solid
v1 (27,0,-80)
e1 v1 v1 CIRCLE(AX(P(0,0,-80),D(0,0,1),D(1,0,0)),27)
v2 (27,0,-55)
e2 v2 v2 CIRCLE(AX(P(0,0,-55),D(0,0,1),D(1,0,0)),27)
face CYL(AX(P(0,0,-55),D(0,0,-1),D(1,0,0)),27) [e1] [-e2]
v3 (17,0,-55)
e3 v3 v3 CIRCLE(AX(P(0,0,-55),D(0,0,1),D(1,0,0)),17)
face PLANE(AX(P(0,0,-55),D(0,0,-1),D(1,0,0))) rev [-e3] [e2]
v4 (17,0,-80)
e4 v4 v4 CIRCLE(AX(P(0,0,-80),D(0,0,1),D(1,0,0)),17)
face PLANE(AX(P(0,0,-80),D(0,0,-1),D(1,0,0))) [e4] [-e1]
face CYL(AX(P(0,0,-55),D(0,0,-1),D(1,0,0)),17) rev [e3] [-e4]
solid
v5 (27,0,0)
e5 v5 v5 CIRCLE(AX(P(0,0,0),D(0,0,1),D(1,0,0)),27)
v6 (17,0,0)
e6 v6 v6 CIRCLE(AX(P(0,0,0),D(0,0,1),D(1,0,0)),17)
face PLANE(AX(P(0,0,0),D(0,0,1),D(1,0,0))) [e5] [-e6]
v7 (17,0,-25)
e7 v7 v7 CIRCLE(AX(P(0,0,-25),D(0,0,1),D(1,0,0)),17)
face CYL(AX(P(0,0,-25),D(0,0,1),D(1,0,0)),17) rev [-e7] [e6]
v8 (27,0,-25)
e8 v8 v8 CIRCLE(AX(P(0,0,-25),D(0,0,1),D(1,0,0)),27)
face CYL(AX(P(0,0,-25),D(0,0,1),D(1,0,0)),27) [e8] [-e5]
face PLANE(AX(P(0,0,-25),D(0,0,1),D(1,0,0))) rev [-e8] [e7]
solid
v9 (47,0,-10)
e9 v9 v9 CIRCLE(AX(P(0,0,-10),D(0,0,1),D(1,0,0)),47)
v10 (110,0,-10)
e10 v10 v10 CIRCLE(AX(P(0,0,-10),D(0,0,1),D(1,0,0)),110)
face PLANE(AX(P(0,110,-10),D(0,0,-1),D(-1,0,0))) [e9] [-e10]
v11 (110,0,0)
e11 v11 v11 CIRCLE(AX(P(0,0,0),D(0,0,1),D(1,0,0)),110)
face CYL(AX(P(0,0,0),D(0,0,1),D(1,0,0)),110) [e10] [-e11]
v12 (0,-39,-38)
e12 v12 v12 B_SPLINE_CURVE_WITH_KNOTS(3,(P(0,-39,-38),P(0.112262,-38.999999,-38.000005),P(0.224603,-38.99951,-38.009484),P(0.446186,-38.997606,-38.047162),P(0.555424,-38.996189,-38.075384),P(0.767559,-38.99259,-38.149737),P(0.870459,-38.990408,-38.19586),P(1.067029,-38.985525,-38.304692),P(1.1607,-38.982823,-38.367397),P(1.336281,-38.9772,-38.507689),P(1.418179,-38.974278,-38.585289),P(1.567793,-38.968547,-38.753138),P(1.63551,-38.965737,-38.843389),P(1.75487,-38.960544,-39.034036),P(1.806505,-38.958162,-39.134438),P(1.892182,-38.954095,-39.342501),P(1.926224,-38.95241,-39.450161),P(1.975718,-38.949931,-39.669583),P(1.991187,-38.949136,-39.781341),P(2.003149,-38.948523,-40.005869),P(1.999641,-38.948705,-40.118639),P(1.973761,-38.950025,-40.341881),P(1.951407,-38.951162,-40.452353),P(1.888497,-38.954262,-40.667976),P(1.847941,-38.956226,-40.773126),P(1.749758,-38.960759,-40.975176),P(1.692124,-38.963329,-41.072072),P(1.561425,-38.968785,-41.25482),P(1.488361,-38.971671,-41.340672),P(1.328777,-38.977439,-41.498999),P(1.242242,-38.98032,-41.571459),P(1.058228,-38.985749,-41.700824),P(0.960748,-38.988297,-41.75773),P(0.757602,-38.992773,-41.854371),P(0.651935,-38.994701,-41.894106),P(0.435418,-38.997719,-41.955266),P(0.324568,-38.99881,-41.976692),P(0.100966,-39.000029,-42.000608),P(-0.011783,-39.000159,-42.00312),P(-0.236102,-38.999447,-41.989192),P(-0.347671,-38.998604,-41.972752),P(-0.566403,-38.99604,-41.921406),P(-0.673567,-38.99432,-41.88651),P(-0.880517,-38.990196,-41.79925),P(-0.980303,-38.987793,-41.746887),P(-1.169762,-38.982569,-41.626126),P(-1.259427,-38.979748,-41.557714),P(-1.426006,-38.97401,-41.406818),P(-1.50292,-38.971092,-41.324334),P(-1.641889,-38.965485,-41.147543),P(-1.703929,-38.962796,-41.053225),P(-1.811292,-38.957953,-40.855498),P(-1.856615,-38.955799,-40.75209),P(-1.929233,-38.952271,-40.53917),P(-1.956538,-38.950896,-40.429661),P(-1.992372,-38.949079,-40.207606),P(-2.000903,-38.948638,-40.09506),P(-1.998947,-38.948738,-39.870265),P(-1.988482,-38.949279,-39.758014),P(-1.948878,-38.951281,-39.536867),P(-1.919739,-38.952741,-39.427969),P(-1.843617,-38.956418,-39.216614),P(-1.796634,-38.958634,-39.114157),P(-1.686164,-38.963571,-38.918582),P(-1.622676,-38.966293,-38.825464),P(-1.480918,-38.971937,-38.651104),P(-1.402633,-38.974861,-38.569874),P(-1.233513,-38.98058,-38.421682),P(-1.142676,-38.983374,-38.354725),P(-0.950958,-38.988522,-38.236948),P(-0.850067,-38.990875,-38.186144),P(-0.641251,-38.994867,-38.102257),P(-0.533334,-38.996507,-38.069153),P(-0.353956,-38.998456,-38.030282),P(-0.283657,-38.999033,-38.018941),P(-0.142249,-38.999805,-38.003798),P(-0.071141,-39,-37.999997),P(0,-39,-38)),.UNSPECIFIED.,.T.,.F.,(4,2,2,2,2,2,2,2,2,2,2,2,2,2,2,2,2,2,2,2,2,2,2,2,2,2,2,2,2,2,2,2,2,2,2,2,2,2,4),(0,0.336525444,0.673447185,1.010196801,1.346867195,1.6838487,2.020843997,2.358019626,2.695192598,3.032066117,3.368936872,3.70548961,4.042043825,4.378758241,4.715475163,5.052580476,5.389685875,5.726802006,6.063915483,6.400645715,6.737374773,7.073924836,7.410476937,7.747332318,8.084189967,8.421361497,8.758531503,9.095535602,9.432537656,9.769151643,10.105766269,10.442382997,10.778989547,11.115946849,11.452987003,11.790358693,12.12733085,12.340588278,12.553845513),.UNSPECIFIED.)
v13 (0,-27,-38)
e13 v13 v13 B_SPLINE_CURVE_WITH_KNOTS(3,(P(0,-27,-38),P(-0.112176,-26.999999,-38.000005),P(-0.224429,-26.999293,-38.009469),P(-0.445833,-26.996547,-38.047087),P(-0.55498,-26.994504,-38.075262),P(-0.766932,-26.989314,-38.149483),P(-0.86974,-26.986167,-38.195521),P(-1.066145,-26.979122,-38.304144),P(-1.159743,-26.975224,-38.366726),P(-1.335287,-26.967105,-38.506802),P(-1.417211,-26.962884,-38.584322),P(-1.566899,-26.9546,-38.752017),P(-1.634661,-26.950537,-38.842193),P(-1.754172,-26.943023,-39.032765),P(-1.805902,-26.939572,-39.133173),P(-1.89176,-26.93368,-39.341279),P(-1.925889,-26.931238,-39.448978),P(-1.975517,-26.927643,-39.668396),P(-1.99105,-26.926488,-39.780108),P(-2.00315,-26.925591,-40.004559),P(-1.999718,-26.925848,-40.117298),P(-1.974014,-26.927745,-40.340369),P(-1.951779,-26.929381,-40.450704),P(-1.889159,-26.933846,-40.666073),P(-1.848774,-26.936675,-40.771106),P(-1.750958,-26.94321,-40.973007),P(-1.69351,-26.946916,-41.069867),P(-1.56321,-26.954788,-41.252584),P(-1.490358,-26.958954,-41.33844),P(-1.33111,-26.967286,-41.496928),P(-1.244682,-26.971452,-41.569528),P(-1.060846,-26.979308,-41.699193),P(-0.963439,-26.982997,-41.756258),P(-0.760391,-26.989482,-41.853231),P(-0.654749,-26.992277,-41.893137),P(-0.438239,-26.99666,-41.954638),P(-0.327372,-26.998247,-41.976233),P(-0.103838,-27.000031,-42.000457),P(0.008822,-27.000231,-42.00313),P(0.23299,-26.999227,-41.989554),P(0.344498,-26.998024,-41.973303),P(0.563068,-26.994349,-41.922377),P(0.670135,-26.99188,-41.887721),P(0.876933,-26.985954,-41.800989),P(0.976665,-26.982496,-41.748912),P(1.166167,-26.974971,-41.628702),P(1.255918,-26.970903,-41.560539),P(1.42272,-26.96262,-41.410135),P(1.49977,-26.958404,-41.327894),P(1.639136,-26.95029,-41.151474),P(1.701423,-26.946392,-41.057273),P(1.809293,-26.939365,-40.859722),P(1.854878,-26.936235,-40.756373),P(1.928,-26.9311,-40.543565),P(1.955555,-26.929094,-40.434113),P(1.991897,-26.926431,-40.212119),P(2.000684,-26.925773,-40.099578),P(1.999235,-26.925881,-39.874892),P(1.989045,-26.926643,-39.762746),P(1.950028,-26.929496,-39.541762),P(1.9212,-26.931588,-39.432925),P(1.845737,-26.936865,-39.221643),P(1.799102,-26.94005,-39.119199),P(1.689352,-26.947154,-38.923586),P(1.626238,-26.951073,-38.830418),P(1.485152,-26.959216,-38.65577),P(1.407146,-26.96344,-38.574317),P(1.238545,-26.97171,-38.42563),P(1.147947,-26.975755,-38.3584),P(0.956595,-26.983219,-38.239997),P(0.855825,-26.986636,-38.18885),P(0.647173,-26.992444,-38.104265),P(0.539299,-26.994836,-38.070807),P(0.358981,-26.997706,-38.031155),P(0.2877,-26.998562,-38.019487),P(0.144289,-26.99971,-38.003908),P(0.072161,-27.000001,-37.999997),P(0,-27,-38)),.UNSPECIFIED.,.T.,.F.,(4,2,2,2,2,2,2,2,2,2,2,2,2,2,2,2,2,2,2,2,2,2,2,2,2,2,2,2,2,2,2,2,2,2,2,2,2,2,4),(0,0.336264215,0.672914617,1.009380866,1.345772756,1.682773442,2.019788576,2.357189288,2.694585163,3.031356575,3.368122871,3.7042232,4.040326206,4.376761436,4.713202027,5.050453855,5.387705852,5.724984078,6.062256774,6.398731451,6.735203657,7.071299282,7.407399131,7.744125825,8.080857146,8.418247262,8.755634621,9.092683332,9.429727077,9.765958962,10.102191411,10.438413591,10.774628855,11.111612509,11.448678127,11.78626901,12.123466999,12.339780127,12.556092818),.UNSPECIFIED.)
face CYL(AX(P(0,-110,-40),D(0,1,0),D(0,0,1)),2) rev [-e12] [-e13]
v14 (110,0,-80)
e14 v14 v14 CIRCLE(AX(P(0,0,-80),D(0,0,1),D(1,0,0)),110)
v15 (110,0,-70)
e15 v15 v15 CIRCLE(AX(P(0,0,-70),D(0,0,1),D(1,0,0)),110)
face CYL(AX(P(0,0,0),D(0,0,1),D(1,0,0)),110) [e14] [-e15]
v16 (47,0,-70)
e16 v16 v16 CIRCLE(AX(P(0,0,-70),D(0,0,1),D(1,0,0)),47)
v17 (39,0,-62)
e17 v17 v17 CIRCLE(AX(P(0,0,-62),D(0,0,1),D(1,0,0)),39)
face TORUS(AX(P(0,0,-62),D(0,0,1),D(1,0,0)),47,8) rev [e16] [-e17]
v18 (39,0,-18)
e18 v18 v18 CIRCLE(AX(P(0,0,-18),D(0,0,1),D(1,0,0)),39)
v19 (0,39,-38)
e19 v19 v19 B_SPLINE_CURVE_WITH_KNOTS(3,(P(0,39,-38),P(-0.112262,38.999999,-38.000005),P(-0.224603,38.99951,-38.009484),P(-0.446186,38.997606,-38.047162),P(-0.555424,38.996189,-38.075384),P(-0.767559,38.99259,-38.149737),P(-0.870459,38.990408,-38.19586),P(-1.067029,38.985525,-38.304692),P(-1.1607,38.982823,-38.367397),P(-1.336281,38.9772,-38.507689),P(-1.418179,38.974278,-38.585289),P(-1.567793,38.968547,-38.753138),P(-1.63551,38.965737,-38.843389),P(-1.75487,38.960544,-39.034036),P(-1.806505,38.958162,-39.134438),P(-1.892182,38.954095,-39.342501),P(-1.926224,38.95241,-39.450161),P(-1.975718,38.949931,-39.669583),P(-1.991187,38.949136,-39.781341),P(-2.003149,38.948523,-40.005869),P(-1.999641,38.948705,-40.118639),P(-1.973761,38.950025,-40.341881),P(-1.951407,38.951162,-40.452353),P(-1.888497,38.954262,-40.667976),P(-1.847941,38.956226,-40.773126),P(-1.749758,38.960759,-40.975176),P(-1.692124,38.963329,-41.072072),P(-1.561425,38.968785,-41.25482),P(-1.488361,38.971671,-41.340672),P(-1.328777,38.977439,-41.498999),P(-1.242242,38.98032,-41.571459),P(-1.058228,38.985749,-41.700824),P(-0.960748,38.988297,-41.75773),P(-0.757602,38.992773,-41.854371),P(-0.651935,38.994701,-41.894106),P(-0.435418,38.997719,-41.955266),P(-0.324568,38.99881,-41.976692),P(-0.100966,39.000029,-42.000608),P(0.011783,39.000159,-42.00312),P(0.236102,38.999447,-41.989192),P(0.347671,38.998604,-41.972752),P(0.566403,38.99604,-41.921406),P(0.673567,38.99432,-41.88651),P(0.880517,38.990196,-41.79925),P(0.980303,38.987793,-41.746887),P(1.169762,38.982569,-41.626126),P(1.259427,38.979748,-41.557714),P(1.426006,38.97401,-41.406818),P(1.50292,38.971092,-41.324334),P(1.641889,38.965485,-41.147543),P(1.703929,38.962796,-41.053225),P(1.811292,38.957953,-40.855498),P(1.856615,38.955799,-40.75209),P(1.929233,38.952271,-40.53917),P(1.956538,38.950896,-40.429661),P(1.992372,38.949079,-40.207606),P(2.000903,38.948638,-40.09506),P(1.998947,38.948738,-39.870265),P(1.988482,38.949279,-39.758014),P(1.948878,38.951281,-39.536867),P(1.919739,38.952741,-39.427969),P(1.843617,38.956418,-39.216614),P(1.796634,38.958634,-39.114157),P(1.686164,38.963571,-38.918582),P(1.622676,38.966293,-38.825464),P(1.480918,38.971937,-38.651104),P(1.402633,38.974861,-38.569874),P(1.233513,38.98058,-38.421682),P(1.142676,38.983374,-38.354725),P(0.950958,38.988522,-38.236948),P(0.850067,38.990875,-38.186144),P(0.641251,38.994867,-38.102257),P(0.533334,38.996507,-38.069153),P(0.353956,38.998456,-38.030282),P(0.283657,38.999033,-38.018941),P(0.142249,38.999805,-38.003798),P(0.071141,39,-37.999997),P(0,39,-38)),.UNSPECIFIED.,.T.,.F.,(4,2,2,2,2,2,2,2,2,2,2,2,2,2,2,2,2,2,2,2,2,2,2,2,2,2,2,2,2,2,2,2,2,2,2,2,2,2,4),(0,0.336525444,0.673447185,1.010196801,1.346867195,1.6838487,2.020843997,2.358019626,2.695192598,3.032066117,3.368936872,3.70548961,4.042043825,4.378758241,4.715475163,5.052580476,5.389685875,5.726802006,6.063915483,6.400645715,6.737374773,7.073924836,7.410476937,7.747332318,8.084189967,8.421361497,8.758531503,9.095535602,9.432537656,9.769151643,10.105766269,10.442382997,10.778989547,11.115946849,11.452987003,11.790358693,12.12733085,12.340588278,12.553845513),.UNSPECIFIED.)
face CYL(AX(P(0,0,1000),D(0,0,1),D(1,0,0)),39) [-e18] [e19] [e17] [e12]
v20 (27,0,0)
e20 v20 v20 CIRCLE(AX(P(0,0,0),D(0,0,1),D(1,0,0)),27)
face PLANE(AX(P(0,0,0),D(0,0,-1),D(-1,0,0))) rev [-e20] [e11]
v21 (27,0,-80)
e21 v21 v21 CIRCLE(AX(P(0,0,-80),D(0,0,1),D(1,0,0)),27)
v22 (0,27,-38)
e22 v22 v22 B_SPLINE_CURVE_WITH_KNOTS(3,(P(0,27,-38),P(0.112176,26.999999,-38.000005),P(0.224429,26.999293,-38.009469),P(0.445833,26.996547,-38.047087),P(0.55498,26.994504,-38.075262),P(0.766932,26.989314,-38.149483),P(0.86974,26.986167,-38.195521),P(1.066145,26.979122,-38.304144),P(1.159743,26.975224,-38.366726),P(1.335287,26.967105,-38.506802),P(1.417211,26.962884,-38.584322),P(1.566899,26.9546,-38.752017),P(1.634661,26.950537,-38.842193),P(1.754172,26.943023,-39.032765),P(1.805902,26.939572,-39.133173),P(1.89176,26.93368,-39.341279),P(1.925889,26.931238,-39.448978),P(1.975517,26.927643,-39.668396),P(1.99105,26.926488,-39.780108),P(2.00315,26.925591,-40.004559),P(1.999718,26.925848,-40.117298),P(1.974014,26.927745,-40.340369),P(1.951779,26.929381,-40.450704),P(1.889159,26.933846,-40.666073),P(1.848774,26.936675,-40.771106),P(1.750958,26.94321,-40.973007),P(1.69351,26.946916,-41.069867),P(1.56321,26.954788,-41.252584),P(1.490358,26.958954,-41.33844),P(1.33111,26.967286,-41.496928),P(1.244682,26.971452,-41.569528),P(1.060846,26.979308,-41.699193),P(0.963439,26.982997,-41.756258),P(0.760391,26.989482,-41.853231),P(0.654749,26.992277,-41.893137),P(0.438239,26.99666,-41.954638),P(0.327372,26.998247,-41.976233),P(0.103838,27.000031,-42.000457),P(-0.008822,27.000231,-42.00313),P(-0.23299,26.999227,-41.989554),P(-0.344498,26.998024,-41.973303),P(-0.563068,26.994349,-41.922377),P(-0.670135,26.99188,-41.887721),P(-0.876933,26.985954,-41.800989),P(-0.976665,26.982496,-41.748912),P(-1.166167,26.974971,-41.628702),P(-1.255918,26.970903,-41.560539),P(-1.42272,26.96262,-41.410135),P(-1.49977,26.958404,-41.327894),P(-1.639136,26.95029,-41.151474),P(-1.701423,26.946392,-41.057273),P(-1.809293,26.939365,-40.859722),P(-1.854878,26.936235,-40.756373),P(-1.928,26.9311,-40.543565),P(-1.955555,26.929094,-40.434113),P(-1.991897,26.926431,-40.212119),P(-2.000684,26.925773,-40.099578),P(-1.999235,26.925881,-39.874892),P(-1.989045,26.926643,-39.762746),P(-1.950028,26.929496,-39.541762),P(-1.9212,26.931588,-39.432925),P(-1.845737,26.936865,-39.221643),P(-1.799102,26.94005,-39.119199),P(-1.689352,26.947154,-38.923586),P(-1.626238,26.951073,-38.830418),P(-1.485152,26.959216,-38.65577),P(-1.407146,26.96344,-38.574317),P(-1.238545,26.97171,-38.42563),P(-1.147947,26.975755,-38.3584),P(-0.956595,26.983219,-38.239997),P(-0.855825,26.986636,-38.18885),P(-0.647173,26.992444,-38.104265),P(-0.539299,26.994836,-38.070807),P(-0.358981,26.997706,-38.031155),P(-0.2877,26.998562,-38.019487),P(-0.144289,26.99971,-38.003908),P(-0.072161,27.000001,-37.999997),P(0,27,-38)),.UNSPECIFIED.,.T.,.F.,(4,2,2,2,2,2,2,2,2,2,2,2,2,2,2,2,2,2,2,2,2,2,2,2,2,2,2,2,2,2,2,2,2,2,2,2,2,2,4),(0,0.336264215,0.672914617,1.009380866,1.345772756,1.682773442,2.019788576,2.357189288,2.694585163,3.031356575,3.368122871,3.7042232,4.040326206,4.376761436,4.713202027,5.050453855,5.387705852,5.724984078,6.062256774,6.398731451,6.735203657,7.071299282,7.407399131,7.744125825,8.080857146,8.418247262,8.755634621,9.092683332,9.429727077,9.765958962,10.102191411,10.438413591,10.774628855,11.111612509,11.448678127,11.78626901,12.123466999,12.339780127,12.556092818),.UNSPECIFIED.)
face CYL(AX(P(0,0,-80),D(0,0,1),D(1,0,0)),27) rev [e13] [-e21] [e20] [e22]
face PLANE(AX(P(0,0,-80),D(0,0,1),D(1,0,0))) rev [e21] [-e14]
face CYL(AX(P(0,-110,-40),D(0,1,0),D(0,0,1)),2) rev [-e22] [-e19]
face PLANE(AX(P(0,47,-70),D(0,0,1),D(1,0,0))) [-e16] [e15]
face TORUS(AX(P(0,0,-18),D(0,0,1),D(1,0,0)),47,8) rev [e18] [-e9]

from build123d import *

# Parameters (mm, degrees)
SKETCH2_W               = 80
SKETCH2_H               = 110
SKETCH6_R               = 27
CUT_EXTRUDE2_DEPTH      = 175.928556845
CUT_EXTRUDE3_DEPTH      = 175.928556845
CUT_EXTRUDE3_DEPTH_BACK = 175.928556845
SKETCH7_R               = 2
SKETCH8_R               = 27
SKETCH8_R_2             = 17
BOSS_EXTRUDE1_DEPTH     = 25


with BuildPart() as part:
    # Sketch2 → Revolve1 (revolve)
    with BuildSketch(Plane(origin=(0, 0, 0), x_dir=(0, 0, -1), z_dir=(1, 0, 0)), mode=Mode.PRIVATE) as revolve1_sk:
        with Locations((40, 55)):
            Rectangle(SKETCH2_W, SKETCH2_H)
    revolve(revolve1_sk.sketch.rotate(Axis((0, 0, 0), (0, 0, -1)), 90), axis=Axis((0, 0, 0), (0, 0, -1)))

    # Sketch6 → Cut-Extrude2 (cut, through all)
    with BuildSketch(Plane.XY):
        Circle(SKETCH6_R)
    extrude(amount=-CUT_EXTRUDE2_DEPTH, mode=Mode.SUBTRACT)

    # Sketch7 → Cut-Extrude3 (cut, two sides: drawn at the far end of the back side and taken through both)
    with BuildSketch(Plane(origin=(0, 0, 0), x_dir=(1, 0, 0), z_dir=(0, 1, 0)).offset(-CUT_EXTRUDE3_DEPTH_BACK)):
        with Locations(Location((0, 40, 0), (0, 0, 270))):
            Circle(SKETCH7_R)
    extrude(amount=CUT_EXTRUDE3_DEPTH + CUT_EXTRUDE3_DEPTH_BACK, mode=Mode.SUBTRACT)

    # Sketch3 → Cut-Revolve1 (revolve, cut)
    with BuildSketch(Plane(origin=(0, 0, 0), x_dir=(0, 0, -1), z_dir=(1, 0, 0)), mode=Mode.PRIVATE) as cut_revolve1_sk:
        with BuildLine():
            Line((10, 110), (10, 47))
            ThreePointArc((10, 47), (12.343145751, 41.343145751), (18, 39))
            Line((18, 39), (62, 39))
            ThreePointArc((62, 39), (67.656854249, 41.343145751), (70, 47))
            Line((70, 47), (70, 110))
            Line((70, 110), (10, 110))
        make_face()
    revolve(cut_revolve1_sk.sketch.rotate(Axis((0, 0, 1000), (0, 0, -1)), 90), axis=Axis((0, 0, 1000), (0, 0, -1)), mode=Mode.SUBTRACT)


with BuildPart() as body_2:
    # Sketch8 → Boss-Extrude1 (new body)
    with BuildSketch(Plane.XY):
        Circle(SKETCH8_R)
        Circle(SKETCH8_R_2, mode=Mode.SUBTRACT)
    extrude(amount=-BOSS_EXTRUDE1_DEPTH)


with BuildPart() as body_3:
    # Mirror2: mirrored copy
    add(body_2.part.mirror(Plane.XY.offset(-40)))


solid = Compound([part.part, body_2.part, body_3.part])
